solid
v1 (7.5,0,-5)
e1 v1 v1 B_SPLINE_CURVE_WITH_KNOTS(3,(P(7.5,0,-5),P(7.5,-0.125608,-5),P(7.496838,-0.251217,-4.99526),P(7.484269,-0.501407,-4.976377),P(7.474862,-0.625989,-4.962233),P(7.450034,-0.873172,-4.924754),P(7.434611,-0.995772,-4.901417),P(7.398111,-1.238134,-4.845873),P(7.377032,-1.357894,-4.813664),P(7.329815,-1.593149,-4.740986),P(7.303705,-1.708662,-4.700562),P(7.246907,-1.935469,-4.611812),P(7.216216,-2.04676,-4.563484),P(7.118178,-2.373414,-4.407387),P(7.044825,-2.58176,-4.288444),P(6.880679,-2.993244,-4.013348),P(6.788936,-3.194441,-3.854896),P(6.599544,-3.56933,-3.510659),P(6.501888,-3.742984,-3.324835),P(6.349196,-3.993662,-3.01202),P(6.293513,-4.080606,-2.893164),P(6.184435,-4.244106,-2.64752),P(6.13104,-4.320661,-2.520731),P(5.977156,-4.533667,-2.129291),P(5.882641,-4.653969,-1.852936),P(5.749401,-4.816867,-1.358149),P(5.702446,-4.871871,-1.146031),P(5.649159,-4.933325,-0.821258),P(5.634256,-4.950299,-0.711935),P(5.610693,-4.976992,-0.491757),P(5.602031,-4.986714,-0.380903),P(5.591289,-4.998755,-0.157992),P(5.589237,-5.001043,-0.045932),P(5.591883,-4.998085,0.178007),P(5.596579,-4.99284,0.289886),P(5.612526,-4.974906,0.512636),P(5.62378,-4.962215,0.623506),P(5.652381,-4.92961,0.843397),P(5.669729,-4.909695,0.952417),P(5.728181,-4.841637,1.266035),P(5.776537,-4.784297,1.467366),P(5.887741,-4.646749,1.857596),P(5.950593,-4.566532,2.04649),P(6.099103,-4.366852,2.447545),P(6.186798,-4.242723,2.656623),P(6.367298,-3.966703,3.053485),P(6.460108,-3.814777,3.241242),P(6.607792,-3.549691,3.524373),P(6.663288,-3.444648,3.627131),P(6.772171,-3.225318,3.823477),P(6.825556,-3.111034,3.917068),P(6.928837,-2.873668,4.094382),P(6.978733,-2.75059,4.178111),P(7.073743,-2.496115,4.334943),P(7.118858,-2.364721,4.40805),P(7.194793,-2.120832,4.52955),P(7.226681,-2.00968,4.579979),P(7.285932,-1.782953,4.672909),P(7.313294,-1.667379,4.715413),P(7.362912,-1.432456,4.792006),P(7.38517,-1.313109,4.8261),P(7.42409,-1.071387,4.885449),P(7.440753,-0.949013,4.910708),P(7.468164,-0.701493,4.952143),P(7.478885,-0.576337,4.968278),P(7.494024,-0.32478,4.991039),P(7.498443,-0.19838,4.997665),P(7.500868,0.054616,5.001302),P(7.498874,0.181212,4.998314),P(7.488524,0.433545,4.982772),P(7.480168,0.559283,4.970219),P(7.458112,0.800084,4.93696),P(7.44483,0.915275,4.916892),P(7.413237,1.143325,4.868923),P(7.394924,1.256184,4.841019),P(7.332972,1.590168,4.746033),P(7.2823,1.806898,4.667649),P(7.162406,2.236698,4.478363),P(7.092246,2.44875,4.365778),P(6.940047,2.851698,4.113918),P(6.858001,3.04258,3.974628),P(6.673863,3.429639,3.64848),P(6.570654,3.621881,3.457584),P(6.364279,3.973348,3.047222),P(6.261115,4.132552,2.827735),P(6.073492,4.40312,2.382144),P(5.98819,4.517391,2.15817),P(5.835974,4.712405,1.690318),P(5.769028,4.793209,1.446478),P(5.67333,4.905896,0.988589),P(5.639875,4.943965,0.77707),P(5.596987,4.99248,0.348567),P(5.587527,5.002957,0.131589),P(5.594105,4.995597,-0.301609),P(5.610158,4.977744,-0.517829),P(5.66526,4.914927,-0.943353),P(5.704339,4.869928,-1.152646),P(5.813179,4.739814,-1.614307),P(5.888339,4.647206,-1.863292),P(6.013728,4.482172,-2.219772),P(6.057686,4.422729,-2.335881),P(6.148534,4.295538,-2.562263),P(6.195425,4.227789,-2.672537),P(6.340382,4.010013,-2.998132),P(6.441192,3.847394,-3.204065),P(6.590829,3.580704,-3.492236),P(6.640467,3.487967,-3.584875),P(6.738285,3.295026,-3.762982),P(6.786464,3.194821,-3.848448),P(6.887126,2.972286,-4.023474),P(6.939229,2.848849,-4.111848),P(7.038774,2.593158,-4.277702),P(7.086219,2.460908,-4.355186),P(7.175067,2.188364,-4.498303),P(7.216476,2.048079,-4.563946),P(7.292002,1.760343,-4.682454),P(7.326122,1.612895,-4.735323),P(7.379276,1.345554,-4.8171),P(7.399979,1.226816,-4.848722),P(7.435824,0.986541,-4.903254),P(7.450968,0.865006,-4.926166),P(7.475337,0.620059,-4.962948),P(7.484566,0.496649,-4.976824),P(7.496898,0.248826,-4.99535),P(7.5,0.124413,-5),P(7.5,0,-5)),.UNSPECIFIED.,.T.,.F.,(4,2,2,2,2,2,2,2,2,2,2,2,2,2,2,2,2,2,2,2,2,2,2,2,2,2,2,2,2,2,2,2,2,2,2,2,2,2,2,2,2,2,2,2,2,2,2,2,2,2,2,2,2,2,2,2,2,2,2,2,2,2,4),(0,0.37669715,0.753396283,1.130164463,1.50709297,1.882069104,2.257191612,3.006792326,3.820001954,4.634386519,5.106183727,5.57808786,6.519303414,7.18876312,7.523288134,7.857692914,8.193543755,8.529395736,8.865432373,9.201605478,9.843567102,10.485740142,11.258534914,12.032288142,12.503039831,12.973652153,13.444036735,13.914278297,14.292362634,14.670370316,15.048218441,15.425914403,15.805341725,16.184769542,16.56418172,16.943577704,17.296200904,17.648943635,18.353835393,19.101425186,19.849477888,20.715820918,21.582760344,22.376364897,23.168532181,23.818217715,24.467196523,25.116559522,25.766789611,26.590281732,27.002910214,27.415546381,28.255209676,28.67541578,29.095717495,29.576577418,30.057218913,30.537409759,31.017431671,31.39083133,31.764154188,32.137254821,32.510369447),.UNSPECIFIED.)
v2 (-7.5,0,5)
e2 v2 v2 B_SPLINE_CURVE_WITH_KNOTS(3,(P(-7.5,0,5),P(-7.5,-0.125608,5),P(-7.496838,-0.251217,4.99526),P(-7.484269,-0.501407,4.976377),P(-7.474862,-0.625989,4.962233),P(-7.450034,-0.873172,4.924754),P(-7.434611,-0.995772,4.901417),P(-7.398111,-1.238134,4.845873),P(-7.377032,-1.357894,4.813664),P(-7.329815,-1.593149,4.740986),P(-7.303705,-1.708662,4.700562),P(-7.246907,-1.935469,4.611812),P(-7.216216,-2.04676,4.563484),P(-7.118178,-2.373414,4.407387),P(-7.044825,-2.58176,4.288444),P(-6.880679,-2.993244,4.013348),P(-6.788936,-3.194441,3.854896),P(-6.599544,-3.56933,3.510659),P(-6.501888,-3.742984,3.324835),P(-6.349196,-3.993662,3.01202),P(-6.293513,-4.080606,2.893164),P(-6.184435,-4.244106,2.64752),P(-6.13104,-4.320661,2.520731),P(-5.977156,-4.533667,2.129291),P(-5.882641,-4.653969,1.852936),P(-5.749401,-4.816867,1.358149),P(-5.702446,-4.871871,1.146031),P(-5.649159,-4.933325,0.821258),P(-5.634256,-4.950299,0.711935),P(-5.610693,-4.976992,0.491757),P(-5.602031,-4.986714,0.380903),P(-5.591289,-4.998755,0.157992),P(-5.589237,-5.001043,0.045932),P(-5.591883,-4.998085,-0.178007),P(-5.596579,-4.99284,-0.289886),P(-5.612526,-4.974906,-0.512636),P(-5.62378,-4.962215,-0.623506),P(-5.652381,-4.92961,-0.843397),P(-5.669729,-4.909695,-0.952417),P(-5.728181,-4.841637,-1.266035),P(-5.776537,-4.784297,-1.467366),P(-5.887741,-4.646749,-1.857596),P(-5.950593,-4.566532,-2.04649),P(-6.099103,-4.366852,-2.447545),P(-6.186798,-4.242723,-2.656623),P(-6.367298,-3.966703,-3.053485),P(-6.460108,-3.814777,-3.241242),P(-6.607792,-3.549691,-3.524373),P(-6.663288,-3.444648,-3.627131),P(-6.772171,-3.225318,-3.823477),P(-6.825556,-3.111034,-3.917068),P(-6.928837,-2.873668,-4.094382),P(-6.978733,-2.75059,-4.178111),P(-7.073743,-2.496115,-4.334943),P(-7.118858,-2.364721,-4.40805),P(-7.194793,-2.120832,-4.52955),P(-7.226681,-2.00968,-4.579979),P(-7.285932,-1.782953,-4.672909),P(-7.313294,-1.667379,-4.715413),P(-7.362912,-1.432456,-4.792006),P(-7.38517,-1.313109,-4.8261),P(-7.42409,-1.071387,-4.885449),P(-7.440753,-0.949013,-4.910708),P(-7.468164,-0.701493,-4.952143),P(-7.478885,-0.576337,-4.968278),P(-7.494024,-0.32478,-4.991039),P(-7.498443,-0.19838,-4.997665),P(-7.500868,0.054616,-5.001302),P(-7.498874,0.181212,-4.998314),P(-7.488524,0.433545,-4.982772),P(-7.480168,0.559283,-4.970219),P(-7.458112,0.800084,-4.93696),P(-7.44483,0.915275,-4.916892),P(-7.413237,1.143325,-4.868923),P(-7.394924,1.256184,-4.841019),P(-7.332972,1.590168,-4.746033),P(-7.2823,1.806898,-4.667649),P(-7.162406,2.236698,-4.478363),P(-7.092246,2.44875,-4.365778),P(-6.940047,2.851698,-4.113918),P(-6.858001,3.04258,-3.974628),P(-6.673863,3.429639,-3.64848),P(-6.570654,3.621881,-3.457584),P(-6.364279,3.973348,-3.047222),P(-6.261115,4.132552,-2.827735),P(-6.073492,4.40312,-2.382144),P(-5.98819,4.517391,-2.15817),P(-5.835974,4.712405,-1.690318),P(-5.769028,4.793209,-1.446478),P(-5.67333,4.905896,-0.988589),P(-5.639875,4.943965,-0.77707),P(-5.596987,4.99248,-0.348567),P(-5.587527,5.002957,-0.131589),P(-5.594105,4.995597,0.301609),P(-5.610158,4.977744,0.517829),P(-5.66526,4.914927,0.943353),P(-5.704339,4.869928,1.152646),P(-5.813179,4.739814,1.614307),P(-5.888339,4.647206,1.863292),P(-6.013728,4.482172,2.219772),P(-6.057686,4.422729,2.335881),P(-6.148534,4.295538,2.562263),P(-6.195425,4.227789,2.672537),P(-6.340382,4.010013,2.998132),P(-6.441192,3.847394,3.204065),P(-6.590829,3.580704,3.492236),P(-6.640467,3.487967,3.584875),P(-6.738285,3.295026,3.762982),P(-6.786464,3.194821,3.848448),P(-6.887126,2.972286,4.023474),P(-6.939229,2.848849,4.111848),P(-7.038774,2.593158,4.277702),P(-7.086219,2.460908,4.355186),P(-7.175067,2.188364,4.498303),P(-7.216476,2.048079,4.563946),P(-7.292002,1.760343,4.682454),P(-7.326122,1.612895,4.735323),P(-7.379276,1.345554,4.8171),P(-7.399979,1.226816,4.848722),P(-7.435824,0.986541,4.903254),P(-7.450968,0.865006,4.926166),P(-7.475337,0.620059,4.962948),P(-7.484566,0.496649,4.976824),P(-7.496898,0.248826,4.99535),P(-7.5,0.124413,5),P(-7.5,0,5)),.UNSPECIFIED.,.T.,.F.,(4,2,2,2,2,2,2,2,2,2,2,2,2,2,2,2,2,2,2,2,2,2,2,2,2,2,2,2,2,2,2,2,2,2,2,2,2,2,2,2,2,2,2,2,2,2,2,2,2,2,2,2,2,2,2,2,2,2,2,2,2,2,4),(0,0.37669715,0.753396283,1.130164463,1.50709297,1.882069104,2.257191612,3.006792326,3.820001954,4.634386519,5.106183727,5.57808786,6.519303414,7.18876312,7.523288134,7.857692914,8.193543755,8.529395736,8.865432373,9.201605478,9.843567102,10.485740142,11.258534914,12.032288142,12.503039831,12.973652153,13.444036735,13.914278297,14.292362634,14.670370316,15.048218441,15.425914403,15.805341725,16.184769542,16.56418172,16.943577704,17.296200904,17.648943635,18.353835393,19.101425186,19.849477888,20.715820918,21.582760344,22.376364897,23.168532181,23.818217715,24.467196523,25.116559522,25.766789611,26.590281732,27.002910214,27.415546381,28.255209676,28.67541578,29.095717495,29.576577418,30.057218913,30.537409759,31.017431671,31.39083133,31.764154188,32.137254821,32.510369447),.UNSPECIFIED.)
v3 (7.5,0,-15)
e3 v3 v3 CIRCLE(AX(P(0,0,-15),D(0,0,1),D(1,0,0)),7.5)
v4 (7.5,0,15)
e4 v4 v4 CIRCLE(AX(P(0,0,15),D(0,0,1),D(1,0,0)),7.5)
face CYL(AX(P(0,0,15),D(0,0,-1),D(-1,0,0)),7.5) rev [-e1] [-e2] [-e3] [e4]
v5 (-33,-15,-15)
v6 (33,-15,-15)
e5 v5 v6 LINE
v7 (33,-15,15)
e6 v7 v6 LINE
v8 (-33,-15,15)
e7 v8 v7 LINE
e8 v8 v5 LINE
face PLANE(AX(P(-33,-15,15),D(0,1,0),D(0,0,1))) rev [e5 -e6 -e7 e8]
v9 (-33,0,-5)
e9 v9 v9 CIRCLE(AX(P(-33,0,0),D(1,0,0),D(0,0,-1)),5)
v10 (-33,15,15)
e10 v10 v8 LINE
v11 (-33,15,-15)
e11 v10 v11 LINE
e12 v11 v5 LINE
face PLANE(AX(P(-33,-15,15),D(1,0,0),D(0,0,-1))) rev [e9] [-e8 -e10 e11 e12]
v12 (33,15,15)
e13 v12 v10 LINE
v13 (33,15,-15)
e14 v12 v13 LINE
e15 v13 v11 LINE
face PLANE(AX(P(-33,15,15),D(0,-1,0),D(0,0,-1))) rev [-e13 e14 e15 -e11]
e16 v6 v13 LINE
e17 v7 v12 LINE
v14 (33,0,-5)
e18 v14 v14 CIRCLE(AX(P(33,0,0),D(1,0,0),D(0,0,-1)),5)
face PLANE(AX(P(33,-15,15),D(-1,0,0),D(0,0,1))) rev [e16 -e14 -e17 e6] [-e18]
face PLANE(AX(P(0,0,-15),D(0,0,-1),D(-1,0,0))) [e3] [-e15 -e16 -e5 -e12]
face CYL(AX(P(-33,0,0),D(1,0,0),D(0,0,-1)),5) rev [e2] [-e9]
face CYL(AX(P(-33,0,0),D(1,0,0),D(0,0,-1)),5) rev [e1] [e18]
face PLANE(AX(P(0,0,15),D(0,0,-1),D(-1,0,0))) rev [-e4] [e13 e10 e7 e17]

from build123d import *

# Parameters (mm, degrees)
CROQUIS1_W              = 66
CROQUIS1_H              = 30
CROQUIS1_R              = 7.5
SALIENTE_EXTRUIR1_DEPTH = 15
CROQUIS2_R              = 5
CORTAR_EXTRUIR1_DEPTH   = 67


with BuildPart() as part:
    # Croquis1 → Saliente-Extruir1 (new body, symmetric)
    with BuildSketch(Plane.XY):
        Rectangle(CROQUIS1_W, CROQUIS1_H)
        Circle(CROQUIS1_R, mode=Mode.SUBTRACT)
    extrude(amount=SALIENTE_EXTRUIR1_DEPTH, both=True)

    # Croquis2 → Cortar-Extruir1 (cut, through all)
    with BuildSketch(Plane(origin=(33, 0, 0), x_dir=(0, 0, -1), z_dir=(1, 0, 0))):
        Circle(CROQUIS2_R)
    extrude(amount=-CORTAR_EXTRUIR1_DEPTH, mode=Mode.SUBTRACT)


solid = part.part
